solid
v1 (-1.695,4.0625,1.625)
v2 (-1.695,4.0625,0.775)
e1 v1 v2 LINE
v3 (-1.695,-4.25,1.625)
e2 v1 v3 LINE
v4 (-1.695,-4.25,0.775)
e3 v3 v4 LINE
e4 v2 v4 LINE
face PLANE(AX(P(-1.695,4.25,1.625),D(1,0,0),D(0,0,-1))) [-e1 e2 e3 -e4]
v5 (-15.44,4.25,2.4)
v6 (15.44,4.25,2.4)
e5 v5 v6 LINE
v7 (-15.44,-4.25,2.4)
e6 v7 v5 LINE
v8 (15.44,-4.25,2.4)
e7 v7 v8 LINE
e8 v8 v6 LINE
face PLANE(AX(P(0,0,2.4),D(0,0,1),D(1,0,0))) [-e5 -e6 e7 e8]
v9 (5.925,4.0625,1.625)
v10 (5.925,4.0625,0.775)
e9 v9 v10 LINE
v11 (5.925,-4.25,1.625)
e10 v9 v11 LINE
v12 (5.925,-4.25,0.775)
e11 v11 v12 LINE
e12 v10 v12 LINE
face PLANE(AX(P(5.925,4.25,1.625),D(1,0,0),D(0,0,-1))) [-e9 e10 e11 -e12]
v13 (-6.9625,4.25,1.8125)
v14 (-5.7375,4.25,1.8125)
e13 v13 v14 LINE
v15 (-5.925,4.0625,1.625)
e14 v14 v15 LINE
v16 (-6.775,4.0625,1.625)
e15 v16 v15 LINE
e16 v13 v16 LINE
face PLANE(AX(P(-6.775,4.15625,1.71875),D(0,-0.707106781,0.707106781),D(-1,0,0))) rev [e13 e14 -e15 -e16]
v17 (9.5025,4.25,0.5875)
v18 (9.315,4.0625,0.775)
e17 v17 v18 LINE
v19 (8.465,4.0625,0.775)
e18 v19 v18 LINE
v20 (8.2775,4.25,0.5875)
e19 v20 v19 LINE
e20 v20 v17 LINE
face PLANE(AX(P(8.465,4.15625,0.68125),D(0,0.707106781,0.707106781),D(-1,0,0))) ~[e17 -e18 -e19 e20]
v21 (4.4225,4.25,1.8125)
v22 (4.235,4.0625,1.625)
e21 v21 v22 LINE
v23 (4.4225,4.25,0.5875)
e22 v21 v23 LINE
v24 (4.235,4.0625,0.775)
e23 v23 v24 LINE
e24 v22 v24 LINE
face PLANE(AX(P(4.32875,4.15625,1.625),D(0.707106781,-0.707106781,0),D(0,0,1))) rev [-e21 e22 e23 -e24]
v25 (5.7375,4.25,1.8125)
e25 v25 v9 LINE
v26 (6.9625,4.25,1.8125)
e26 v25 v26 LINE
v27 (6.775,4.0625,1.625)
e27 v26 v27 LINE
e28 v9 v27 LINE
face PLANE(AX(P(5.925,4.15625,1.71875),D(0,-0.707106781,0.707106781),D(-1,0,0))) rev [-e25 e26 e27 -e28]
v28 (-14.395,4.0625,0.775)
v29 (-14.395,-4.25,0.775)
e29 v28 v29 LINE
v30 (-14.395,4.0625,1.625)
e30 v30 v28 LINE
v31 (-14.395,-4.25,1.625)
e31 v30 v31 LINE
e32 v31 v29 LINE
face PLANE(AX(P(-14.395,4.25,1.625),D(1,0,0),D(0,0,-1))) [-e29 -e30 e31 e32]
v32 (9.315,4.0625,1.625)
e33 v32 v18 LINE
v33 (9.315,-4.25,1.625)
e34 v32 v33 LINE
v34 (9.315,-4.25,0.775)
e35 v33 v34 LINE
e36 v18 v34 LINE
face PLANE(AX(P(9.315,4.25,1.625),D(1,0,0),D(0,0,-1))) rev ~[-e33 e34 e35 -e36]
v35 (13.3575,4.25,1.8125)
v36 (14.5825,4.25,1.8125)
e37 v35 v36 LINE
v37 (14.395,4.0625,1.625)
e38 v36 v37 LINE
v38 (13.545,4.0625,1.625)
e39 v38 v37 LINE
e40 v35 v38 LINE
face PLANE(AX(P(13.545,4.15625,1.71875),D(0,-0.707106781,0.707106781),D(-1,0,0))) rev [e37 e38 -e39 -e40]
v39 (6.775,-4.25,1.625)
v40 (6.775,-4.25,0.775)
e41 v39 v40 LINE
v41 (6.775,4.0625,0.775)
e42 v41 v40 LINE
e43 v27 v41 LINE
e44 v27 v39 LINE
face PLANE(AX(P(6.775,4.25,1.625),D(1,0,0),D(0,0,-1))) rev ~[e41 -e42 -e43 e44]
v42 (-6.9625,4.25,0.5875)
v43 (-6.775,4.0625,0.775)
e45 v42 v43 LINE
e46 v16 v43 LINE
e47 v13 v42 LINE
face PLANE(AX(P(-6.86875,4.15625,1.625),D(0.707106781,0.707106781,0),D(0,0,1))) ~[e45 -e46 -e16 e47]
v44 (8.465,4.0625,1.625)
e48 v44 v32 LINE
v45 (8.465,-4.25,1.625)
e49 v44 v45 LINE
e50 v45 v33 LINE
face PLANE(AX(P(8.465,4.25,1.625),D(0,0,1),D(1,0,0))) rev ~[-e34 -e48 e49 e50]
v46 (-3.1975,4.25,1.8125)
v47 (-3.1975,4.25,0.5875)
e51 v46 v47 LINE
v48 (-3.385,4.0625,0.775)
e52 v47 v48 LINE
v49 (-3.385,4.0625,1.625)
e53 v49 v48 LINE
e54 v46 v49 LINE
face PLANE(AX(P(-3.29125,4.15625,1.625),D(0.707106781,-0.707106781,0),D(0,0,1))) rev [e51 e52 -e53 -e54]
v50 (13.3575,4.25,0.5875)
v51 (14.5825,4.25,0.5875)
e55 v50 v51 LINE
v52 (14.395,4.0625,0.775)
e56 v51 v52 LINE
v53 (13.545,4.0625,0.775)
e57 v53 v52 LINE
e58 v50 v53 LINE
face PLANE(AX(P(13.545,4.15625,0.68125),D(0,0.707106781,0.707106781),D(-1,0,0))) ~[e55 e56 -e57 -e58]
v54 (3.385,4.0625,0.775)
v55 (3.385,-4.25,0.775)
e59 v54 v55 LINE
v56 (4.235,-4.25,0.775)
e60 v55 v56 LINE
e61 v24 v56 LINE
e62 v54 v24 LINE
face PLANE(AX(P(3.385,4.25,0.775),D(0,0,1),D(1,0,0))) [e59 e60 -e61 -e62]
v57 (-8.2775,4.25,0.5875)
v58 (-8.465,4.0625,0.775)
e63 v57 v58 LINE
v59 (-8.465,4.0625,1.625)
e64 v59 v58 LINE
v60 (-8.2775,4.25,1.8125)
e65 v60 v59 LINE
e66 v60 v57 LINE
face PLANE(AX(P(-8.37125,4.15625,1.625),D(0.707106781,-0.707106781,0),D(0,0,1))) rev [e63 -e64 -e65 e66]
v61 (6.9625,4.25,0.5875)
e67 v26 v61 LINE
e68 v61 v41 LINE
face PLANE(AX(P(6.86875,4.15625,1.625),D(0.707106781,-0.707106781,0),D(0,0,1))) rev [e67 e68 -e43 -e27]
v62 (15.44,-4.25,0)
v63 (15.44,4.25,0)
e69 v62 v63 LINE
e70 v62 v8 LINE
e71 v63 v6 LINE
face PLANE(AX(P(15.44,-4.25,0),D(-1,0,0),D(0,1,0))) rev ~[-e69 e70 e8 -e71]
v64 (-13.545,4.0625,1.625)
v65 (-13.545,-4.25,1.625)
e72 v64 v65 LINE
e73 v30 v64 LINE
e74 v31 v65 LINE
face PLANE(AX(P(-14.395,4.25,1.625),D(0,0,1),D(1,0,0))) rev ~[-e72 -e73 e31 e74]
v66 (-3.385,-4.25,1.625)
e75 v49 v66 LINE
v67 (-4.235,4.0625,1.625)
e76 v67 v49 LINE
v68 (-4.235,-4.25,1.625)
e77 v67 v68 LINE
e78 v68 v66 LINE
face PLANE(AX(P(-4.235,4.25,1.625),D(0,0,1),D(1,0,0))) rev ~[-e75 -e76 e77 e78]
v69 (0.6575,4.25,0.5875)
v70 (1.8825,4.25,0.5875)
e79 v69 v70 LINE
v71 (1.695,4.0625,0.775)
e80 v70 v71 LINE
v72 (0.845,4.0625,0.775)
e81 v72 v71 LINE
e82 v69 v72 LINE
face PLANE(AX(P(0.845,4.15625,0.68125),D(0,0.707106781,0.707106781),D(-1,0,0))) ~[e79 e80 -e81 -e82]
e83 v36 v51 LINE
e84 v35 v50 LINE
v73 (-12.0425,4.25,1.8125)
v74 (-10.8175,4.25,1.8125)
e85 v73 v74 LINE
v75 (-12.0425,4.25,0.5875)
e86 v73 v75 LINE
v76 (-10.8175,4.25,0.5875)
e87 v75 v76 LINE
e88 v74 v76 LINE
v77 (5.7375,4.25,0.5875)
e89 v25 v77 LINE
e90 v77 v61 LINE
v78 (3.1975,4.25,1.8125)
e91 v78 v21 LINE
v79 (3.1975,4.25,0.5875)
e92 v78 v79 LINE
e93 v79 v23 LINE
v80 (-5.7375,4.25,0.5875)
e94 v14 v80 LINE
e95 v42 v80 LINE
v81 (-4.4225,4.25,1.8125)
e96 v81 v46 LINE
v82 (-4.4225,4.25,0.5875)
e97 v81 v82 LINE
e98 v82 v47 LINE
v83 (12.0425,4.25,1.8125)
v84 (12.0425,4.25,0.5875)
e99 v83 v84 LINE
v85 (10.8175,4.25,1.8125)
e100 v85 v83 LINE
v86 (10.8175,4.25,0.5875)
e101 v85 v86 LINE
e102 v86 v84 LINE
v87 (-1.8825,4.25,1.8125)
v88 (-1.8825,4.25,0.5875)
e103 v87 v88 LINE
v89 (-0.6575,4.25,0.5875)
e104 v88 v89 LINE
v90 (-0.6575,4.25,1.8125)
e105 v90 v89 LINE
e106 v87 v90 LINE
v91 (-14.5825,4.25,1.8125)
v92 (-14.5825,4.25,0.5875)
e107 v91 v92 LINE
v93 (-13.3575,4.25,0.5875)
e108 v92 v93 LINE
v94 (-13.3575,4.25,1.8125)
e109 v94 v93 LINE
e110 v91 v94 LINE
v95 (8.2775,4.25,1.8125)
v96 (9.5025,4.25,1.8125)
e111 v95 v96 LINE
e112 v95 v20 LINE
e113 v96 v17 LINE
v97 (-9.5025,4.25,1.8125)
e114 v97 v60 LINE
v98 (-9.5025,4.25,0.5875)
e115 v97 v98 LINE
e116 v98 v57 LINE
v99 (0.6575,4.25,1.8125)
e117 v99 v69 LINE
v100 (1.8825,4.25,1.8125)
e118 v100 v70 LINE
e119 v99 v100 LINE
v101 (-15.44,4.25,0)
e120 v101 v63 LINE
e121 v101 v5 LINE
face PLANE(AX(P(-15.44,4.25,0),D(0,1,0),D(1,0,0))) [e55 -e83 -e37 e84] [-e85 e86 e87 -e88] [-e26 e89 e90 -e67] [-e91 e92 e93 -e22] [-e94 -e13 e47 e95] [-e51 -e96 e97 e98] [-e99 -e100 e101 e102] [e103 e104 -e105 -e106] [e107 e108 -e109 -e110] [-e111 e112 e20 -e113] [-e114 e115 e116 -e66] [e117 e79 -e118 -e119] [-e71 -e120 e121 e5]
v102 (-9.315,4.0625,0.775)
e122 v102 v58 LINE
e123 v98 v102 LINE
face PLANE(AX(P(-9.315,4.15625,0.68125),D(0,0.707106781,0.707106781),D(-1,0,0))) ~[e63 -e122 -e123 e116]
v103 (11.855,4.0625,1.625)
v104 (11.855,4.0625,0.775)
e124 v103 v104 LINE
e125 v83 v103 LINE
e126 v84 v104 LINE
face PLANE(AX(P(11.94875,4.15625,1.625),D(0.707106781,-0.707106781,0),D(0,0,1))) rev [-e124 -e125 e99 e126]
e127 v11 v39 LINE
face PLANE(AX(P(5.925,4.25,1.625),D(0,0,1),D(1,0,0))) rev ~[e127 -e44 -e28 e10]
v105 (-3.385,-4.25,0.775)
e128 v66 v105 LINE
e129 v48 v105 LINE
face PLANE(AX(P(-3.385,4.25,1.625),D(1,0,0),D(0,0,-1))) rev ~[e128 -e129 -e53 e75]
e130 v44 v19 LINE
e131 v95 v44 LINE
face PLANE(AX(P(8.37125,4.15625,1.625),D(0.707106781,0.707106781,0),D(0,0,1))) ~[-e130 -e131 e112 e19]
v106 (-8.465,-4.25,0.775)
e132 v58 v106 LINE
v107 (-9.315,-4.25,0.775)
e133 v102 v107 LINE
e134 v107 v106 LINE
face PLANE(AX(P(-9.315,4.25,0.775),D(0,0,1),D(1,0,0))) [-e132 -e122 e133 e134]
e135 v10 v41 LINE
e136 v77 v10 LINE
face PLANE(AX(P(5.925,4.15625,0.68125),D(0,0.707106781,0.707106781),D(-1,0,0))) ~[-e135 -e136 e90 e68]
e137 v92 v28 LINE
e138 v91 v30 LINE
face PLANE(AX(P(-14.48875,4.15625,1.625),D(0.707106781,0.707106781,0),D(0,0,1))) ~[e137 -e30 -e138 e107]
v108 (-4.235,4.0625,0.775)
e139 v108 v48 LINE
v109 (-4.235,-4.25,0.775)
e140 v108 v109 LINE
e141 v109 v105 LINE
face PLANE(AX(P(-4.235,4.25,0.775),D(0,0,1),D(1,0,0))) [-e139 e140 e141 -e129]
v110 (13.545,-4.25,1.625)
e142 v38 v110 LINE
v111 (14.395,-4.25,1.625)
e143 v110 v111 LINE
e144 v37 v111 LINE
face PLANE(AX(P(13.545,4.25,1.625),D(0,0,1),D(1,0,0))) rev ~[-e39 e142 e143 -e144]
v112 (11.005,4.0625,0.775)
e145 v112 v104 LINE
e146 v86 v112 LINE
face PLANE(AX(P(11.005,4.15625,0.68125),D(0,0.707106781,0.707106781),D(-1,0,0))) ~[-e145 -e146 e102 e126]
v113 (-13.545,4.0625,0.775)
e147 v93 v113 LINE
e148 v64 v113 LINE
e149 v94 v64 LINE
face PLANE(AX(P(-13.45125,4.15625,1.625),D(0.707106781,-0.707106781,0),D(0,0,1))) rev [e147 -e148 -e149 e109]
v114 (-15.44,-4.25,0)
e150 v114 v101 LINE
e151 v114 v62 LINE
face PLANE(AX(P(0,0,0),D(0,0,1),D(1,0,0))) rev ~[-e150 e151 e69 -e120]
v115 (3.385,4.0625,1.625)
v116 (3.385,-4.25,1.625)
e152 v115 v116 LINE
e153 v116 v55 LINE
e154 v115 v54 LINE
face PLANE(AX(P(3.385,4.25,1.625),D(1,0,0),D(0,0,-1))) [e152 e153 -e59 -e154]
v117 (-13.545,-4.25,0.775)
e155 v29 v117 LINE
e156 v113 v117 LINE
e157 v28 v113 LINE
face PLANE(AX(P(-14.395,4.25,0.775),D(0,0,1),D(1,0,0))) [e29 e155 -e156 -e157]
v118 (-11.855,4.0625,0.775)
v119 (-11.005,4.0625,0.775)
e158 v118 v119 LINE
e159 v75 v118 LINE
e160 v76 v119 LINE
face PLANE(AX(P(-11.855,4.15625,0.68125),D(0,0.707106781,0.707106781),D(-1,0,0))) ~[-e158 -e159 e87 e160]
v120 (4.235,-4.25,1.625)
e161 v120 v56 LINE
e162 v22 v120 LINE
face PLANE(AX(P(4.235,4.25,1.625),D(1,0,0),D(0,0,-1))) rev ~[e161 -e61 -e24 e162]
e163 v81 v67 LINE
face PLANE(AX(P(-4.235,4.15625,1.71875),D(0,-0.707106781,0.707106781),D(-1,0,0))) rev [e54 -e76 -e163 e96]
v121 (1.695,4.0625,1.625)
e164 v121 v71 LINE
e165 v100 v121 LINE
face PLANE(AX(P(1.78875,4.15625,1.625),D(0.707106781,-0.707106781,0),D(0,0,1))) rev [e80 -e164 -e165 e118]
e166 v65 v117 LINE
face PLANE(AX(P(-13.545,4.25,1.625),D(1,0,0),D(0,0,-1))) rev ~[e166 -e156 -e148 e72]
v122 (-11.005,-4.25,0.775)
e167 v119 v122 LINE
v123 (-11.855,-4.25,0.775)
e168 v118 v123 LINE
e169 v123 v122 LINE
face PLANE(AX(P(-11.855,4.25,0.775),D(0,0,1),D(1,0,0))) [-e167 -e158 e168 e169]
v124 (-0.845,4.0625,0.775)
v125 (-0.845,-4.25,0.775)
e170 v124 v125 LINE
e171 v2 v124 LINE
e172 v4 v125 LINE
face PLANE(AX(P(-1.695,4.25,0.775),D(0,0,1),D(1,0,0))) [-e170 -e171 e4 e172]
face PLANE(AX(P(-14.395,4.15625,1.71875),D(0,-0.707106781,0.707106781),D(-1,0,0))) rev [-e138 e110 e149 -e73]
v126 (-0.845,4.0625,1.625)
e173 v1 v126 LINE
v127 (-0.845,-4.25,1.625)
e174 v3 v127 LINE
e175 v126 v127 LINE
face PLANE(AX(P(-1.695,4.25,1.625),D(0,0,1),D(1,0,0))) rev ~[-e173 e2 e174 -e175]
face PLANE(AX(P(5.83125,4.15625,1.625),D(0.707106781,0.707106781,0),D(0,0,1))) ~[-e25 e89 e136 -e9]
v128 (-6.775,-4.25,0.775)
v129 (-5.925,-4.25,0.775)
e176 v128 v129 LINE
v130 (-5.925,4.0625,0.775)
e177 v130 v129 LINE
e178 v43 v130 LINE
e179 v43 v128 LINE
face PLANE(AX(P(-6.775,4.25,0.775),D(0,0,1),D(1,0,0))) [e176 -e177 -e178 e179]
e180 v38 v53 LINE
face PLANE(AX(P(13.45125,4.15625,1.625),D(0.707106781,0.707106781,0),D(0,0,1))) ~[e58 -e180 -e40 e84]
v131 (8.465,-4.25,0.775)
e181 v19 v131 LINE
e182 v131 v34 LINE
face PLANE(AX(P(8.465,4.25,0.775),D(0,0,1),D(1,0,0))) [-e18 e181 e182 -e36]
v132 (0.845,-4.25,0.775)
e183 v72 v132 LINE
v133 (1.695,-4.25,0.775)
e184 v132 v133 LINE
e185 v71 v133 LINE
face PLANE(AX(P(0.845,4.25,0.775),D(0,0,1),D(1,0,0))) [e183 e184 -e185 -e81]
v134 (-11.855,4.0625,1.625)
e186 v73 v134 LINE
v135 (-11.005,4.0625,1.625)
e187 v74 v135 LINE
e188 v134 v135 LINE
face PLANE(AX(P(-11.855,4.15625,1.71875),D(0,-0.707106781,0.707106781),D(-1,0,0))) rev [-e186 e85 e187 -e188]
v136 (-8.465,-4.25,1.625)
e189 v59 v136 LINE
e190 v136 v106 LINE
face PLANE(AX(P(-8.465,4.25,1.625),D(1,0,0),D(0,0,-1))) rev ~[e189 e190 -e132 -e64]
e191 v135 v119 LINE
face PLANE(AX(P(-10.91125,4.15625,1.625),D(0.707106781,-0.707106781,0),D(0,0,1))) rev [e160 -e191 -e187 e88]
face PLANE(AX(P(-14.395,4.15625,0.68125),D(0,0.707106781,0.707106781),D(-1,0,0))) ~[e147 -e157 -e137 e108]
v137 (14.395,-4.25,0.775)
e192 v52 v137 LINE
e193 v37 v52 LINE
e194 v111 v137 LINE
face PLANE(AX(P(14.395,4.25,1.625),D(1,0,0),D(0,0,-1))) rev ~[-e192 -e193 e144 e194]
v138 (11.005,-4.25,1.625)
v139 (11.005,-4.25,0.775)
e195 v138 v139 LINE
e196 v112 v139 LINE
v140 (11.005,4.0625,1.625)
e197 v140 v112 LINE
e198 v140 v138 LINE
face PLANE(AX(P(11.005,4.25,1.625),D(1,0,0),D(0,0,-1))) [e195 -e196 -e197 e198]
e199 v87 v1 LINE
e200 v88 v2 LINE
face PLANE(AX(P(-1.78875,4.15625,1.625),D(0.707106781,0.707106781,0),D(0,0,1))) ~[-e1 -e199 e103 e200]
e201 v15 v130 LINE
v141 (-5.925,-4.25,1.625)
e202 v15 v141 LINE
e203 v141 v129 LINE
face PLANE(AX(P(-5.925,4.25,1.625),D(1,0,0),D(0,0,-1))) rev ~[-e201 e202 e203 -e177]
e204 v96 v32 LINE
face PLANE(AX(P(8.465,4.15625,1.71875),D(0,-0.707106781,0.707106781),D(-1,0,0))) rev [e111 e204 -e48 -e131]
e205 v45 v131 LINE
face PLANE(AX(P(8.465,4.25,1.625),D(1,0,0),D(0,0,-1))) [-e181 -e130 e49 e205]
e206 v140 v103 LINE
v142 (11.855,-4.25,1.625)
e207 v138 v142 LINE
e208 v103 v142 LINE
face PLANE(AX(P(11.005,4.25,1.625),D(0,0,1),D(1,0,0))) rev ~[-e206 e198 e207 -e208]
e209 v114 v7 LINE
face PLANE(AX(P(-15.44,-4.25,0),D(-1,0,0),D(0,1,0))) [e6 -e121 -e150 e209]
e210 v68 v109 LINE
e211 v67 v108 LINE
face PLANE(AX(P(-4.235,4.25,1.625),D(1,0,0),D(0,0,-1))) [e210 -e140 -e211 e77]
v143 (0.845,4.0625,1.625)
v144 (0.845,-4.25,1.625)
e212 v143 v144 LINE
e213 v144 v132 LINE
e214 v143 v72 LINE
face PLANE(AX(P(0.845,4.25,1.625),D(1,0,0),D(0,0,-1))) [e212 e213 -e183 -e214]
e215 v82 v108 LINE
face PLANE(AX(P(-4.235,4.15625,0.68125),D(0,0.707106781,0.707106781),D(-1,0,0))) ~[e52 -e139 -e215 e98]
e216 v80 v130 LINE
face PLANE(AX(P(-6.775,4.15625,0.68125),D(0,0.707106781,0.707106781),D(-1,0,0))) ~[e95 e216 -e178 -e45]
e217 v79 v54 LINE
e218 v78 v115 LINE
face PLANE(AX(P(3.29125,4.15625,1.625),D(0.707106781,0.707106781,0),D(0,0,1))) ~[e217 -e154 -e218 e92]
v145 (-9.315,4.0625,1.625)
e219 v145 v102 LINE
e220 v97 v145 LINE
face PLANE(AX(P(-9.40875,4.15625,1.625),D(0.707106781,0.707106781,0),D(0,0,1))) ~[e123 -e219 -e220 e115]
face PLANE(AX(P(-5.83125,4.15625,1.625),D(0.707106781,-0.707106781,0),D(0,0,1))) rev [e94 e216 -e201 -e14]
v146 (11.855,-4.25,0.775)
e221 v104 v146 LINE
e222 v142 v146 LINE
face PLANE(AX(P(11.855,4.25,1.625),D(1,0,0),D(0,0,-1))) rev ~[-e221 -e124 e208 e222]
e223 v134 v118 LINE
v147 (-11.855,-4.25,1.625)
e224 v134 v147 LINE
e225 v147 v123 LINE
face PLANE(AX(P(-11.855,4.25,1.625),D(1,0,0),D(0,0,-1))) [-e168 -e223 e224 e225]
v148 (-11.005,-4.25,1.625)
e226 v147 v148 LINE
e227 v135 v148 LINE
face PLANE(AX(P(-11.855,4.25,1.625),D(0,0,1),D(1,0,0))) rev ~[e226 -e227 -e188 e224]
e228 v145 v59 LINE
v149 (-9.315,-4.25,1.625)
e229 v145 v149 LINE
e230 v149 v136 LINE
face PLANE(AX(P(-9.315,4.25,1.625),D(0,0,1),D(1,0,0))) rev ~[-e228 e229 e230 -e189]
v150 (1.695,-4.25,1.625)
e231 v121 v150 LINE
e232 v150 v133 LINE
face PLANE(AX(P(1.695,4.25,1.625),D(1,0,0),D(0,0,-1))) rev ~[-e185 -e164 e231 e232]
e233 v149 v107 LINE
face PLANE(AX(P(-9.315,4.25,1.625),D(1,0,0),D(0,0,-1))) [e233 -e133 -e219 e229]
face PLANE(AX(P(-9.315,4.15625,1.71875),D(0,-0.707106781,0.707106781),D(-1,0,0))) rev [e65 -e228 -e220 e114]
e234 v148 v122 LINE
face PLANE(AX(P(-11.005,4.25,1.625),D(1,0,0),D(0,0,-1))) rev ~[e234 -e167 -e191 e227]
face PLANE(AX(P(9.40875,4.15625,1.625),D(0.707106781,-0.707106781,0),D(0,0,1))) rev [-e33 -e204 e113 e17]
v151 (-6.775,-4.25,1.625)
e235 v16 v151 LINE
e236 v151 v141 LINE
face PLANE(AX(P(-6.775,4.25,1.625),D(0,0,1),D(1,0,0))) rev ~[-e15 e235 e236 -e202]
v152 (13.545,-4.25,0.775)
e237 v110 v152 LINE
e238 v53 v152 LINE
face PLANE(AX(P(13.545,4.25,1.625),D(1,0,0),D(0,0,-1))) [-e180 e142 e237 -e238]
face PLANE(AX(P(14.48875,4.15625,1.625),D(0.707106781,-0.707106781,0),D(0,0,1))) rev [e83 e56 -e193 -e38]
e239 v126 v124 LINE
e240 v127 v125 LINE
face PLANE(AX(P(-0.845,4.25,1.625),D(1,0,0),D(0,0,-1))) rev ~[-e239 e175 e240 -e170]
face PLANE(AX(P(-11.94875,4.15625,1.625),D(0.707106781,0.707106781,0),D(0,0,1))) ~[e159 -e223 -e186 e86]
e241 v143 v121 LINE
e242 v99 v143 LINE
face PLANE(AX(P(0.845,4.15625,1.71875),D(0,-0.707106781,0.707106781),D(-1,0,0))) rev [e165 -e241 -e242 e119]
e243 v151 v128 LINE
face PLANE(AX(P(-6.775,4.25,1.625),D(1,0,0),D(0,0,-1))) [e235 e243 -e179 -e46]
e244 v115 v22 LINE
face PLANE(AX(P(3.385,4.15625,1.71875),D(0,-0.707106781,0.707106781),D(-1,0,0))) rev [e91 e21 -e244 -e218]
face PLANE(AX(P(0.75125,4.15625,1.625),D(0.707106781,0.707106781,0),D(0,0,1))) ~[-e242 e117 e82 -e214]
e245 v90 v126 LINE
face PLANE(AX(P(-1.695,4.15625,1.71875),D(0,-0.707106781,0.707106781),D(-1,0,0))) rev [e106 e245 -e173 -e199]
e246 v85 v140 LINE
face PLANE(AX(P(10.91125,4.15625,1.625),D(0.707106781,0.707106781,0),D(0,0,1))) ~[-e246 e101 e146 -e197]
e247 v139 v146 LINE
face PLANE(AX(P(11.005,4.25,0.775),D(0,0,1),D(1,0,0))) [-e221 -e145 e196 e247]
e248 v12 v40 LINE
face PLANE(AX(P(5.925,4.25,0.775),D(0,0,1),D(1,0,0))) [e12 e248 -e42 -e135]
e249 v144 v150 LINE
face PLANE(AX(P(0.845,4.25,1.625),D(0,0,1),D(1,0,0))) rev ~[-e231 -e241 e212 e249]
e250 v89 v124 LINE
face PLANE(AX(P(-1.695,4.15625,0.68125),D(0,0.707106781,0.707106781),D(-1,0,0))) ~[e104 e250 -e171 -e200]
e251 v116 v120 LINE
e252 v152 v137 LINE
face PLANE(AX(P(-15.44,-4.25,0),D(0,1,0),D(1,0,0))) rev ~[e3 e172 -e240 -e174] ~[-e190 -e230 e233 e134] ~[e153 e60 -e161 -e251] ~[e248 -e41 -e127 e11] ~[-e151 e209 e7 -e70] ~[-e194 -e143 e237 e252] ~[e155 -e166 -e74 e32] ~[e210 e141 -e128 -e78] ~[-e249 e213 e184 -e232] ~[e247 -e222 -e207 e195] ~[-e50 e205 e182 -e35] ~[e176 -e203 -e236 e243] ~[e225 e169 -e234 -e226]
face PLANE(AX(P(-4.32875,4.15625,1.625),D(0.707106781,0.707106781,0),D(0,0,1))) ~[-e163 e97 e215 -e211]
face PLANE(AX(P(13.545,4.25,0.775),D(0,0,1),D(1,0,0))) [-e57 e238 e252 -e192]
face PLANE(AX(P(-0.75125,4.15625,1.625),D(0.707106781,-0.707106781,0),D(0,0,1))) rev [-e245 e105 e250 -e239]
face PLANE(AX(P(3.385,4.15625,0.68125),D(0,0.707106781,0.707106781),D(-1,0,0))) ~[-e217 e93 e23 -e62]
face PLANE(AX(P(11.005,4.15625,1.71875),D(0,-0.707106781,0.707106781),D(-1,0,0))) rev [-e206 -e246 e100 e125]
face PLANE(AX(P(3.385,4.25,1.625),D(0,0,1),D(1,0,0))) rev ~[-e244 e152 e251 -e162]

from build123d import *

# Parameters (mm, degrees)
SKETCH1_W                  = 30.88
SKETCH1_H                  = 8.5
BOSS_EXTRUDE1_DEPTH        = 2.4
SKETCH2_W                  = 0.85
SKETCH2_H                  = 0.85
CUT_EXTRUDE1_DEPTH         = 18.787737349
CHAMFER1_SIZE              = 0.1875
LPATTERN1_COUNT            = 12
LPATTERN1_PITCH            = 2.54
CHAMFER1_OF_LPATTERN1_SIZE = 0.1875


with BuildPart() as part:
    # Sketch1 → Boss-Extrude1 (new body)
    with BuildSketch(Plane.XY):
        Rectangle(SKETCH1_W, SKETCH1_H)
    extrude(amount=BOSS_EXTRUDE1_DEPTH)

    # Sketch2 → Cut-Extrude1 (cut, through all)
    with BuildSketch(Plane(origin=(0, 4.25, 0), x_dir=(1, 0, 0), z_dir=(0, 1, 0))):
        with Locations((-13.97, -1.2)):
            Rectangle(SKETCH2_W, SKETCH2_H)
    cut_extrude1 = extrude(amount=-CUT_EXTRUDE1_DEPTH, mode=Mode.SUBTRACT)

    # Chamfer1
    chamfer1_edges = [part.edges().sort_by_distance(p)[0] for p in [
        (-13.545, 4.25, 1.2),
        (-13.97, 4.25, 0.775),
        (-14.395, 4.25, 1.2),
        (-13.97, 4.25, 1.625),
    ]]
    chamfer(chamfer1_edges, length=CHAMFER1_SIZE)

    # LPattern1: Cut-Extrude1 ×12
    with Locations(*[(i * LPATTERN1_PITCH, 0, 0) for i in range(1, LPATTERN1_COUNT)]):
        add(cut_extrude1, mode=Mode.SUBTRACT)

    # Chamfer1 of LPattern1
    chamfer1_of_lpattern1_edges = [part.edges().sort_by_distance(p)[0] for p in [
        (-11.005, 4.25, 1.2),
        (-11.43, 4.25, 0.775),
        (-11.855, 4.25, 1.2),
        (-11.43, 4.25, 1.625),
        (-8.465, 4.25, 1.2),
        (-8.89, 4.25, 0.775),
        (-9.315, 4.25, 1.2),
        (-8.89, 4.25, 1.625),
        (-5.925, 4.25, 1.2),
        (-6.35, 4.25, 0.775),
        (-6.775, 4.25, 1.2),
        (-6.35, 4.25, 1.625),
        (-3.385, 4.25, 1.2),
        (-3.81, 4.25, 0.775),
        (-4.235, 4.25, 1.2),
        (-3.81, 4.25, 1.625),
        (-0.845, 4.25, 1.2),
        (-1.27, 4.25, 0.775),
        (-1.695, 4.25, 1.2),
        (-1.27, 4.25, 1.625),
        (1.695, 4.25, 1.2),
        (1.27, 4.25, 0.775),
        (0.845, 4.25, 1.2),
        (1.27, 4.25, 1.625),
        (4.235, 4.25, 1.2),
        (3.81, 4.25, 0.775),
        (3.385, 4.25, 1.2),
        (3.81, 4.25, 1.625),
        (6.775, 4.25, 1.2),
        (6.35, 4.25, 0.775),
        (5.925, 4.25, 1.2),
        (6.35, 4.25, 1.625),
        (9.315, 4.25, 1.2),
        (8.89, 4.25, 0.775),
        (8.465, 4.25, 1.2),
        (8.89, 4.25, 1.625),
        (11.855, 4.25, 1.2),
        (11.43, 4.25, 0.775),
        (11.005, 4.25, 1.2),
        (11.43, 4.25, 1.625),
        (14.395, 4.25, 1.2),
        (13.97, 4.25, 0.775),
        (13.545, 4.25, 1.2),
        (13.97, 4.25, 1.625),
    ]]
    chamfer(chamfer1_of_lpattern1_edges, length=CHAMFER1_OF_LPATTERN1_SIZE)


solid = part.part
